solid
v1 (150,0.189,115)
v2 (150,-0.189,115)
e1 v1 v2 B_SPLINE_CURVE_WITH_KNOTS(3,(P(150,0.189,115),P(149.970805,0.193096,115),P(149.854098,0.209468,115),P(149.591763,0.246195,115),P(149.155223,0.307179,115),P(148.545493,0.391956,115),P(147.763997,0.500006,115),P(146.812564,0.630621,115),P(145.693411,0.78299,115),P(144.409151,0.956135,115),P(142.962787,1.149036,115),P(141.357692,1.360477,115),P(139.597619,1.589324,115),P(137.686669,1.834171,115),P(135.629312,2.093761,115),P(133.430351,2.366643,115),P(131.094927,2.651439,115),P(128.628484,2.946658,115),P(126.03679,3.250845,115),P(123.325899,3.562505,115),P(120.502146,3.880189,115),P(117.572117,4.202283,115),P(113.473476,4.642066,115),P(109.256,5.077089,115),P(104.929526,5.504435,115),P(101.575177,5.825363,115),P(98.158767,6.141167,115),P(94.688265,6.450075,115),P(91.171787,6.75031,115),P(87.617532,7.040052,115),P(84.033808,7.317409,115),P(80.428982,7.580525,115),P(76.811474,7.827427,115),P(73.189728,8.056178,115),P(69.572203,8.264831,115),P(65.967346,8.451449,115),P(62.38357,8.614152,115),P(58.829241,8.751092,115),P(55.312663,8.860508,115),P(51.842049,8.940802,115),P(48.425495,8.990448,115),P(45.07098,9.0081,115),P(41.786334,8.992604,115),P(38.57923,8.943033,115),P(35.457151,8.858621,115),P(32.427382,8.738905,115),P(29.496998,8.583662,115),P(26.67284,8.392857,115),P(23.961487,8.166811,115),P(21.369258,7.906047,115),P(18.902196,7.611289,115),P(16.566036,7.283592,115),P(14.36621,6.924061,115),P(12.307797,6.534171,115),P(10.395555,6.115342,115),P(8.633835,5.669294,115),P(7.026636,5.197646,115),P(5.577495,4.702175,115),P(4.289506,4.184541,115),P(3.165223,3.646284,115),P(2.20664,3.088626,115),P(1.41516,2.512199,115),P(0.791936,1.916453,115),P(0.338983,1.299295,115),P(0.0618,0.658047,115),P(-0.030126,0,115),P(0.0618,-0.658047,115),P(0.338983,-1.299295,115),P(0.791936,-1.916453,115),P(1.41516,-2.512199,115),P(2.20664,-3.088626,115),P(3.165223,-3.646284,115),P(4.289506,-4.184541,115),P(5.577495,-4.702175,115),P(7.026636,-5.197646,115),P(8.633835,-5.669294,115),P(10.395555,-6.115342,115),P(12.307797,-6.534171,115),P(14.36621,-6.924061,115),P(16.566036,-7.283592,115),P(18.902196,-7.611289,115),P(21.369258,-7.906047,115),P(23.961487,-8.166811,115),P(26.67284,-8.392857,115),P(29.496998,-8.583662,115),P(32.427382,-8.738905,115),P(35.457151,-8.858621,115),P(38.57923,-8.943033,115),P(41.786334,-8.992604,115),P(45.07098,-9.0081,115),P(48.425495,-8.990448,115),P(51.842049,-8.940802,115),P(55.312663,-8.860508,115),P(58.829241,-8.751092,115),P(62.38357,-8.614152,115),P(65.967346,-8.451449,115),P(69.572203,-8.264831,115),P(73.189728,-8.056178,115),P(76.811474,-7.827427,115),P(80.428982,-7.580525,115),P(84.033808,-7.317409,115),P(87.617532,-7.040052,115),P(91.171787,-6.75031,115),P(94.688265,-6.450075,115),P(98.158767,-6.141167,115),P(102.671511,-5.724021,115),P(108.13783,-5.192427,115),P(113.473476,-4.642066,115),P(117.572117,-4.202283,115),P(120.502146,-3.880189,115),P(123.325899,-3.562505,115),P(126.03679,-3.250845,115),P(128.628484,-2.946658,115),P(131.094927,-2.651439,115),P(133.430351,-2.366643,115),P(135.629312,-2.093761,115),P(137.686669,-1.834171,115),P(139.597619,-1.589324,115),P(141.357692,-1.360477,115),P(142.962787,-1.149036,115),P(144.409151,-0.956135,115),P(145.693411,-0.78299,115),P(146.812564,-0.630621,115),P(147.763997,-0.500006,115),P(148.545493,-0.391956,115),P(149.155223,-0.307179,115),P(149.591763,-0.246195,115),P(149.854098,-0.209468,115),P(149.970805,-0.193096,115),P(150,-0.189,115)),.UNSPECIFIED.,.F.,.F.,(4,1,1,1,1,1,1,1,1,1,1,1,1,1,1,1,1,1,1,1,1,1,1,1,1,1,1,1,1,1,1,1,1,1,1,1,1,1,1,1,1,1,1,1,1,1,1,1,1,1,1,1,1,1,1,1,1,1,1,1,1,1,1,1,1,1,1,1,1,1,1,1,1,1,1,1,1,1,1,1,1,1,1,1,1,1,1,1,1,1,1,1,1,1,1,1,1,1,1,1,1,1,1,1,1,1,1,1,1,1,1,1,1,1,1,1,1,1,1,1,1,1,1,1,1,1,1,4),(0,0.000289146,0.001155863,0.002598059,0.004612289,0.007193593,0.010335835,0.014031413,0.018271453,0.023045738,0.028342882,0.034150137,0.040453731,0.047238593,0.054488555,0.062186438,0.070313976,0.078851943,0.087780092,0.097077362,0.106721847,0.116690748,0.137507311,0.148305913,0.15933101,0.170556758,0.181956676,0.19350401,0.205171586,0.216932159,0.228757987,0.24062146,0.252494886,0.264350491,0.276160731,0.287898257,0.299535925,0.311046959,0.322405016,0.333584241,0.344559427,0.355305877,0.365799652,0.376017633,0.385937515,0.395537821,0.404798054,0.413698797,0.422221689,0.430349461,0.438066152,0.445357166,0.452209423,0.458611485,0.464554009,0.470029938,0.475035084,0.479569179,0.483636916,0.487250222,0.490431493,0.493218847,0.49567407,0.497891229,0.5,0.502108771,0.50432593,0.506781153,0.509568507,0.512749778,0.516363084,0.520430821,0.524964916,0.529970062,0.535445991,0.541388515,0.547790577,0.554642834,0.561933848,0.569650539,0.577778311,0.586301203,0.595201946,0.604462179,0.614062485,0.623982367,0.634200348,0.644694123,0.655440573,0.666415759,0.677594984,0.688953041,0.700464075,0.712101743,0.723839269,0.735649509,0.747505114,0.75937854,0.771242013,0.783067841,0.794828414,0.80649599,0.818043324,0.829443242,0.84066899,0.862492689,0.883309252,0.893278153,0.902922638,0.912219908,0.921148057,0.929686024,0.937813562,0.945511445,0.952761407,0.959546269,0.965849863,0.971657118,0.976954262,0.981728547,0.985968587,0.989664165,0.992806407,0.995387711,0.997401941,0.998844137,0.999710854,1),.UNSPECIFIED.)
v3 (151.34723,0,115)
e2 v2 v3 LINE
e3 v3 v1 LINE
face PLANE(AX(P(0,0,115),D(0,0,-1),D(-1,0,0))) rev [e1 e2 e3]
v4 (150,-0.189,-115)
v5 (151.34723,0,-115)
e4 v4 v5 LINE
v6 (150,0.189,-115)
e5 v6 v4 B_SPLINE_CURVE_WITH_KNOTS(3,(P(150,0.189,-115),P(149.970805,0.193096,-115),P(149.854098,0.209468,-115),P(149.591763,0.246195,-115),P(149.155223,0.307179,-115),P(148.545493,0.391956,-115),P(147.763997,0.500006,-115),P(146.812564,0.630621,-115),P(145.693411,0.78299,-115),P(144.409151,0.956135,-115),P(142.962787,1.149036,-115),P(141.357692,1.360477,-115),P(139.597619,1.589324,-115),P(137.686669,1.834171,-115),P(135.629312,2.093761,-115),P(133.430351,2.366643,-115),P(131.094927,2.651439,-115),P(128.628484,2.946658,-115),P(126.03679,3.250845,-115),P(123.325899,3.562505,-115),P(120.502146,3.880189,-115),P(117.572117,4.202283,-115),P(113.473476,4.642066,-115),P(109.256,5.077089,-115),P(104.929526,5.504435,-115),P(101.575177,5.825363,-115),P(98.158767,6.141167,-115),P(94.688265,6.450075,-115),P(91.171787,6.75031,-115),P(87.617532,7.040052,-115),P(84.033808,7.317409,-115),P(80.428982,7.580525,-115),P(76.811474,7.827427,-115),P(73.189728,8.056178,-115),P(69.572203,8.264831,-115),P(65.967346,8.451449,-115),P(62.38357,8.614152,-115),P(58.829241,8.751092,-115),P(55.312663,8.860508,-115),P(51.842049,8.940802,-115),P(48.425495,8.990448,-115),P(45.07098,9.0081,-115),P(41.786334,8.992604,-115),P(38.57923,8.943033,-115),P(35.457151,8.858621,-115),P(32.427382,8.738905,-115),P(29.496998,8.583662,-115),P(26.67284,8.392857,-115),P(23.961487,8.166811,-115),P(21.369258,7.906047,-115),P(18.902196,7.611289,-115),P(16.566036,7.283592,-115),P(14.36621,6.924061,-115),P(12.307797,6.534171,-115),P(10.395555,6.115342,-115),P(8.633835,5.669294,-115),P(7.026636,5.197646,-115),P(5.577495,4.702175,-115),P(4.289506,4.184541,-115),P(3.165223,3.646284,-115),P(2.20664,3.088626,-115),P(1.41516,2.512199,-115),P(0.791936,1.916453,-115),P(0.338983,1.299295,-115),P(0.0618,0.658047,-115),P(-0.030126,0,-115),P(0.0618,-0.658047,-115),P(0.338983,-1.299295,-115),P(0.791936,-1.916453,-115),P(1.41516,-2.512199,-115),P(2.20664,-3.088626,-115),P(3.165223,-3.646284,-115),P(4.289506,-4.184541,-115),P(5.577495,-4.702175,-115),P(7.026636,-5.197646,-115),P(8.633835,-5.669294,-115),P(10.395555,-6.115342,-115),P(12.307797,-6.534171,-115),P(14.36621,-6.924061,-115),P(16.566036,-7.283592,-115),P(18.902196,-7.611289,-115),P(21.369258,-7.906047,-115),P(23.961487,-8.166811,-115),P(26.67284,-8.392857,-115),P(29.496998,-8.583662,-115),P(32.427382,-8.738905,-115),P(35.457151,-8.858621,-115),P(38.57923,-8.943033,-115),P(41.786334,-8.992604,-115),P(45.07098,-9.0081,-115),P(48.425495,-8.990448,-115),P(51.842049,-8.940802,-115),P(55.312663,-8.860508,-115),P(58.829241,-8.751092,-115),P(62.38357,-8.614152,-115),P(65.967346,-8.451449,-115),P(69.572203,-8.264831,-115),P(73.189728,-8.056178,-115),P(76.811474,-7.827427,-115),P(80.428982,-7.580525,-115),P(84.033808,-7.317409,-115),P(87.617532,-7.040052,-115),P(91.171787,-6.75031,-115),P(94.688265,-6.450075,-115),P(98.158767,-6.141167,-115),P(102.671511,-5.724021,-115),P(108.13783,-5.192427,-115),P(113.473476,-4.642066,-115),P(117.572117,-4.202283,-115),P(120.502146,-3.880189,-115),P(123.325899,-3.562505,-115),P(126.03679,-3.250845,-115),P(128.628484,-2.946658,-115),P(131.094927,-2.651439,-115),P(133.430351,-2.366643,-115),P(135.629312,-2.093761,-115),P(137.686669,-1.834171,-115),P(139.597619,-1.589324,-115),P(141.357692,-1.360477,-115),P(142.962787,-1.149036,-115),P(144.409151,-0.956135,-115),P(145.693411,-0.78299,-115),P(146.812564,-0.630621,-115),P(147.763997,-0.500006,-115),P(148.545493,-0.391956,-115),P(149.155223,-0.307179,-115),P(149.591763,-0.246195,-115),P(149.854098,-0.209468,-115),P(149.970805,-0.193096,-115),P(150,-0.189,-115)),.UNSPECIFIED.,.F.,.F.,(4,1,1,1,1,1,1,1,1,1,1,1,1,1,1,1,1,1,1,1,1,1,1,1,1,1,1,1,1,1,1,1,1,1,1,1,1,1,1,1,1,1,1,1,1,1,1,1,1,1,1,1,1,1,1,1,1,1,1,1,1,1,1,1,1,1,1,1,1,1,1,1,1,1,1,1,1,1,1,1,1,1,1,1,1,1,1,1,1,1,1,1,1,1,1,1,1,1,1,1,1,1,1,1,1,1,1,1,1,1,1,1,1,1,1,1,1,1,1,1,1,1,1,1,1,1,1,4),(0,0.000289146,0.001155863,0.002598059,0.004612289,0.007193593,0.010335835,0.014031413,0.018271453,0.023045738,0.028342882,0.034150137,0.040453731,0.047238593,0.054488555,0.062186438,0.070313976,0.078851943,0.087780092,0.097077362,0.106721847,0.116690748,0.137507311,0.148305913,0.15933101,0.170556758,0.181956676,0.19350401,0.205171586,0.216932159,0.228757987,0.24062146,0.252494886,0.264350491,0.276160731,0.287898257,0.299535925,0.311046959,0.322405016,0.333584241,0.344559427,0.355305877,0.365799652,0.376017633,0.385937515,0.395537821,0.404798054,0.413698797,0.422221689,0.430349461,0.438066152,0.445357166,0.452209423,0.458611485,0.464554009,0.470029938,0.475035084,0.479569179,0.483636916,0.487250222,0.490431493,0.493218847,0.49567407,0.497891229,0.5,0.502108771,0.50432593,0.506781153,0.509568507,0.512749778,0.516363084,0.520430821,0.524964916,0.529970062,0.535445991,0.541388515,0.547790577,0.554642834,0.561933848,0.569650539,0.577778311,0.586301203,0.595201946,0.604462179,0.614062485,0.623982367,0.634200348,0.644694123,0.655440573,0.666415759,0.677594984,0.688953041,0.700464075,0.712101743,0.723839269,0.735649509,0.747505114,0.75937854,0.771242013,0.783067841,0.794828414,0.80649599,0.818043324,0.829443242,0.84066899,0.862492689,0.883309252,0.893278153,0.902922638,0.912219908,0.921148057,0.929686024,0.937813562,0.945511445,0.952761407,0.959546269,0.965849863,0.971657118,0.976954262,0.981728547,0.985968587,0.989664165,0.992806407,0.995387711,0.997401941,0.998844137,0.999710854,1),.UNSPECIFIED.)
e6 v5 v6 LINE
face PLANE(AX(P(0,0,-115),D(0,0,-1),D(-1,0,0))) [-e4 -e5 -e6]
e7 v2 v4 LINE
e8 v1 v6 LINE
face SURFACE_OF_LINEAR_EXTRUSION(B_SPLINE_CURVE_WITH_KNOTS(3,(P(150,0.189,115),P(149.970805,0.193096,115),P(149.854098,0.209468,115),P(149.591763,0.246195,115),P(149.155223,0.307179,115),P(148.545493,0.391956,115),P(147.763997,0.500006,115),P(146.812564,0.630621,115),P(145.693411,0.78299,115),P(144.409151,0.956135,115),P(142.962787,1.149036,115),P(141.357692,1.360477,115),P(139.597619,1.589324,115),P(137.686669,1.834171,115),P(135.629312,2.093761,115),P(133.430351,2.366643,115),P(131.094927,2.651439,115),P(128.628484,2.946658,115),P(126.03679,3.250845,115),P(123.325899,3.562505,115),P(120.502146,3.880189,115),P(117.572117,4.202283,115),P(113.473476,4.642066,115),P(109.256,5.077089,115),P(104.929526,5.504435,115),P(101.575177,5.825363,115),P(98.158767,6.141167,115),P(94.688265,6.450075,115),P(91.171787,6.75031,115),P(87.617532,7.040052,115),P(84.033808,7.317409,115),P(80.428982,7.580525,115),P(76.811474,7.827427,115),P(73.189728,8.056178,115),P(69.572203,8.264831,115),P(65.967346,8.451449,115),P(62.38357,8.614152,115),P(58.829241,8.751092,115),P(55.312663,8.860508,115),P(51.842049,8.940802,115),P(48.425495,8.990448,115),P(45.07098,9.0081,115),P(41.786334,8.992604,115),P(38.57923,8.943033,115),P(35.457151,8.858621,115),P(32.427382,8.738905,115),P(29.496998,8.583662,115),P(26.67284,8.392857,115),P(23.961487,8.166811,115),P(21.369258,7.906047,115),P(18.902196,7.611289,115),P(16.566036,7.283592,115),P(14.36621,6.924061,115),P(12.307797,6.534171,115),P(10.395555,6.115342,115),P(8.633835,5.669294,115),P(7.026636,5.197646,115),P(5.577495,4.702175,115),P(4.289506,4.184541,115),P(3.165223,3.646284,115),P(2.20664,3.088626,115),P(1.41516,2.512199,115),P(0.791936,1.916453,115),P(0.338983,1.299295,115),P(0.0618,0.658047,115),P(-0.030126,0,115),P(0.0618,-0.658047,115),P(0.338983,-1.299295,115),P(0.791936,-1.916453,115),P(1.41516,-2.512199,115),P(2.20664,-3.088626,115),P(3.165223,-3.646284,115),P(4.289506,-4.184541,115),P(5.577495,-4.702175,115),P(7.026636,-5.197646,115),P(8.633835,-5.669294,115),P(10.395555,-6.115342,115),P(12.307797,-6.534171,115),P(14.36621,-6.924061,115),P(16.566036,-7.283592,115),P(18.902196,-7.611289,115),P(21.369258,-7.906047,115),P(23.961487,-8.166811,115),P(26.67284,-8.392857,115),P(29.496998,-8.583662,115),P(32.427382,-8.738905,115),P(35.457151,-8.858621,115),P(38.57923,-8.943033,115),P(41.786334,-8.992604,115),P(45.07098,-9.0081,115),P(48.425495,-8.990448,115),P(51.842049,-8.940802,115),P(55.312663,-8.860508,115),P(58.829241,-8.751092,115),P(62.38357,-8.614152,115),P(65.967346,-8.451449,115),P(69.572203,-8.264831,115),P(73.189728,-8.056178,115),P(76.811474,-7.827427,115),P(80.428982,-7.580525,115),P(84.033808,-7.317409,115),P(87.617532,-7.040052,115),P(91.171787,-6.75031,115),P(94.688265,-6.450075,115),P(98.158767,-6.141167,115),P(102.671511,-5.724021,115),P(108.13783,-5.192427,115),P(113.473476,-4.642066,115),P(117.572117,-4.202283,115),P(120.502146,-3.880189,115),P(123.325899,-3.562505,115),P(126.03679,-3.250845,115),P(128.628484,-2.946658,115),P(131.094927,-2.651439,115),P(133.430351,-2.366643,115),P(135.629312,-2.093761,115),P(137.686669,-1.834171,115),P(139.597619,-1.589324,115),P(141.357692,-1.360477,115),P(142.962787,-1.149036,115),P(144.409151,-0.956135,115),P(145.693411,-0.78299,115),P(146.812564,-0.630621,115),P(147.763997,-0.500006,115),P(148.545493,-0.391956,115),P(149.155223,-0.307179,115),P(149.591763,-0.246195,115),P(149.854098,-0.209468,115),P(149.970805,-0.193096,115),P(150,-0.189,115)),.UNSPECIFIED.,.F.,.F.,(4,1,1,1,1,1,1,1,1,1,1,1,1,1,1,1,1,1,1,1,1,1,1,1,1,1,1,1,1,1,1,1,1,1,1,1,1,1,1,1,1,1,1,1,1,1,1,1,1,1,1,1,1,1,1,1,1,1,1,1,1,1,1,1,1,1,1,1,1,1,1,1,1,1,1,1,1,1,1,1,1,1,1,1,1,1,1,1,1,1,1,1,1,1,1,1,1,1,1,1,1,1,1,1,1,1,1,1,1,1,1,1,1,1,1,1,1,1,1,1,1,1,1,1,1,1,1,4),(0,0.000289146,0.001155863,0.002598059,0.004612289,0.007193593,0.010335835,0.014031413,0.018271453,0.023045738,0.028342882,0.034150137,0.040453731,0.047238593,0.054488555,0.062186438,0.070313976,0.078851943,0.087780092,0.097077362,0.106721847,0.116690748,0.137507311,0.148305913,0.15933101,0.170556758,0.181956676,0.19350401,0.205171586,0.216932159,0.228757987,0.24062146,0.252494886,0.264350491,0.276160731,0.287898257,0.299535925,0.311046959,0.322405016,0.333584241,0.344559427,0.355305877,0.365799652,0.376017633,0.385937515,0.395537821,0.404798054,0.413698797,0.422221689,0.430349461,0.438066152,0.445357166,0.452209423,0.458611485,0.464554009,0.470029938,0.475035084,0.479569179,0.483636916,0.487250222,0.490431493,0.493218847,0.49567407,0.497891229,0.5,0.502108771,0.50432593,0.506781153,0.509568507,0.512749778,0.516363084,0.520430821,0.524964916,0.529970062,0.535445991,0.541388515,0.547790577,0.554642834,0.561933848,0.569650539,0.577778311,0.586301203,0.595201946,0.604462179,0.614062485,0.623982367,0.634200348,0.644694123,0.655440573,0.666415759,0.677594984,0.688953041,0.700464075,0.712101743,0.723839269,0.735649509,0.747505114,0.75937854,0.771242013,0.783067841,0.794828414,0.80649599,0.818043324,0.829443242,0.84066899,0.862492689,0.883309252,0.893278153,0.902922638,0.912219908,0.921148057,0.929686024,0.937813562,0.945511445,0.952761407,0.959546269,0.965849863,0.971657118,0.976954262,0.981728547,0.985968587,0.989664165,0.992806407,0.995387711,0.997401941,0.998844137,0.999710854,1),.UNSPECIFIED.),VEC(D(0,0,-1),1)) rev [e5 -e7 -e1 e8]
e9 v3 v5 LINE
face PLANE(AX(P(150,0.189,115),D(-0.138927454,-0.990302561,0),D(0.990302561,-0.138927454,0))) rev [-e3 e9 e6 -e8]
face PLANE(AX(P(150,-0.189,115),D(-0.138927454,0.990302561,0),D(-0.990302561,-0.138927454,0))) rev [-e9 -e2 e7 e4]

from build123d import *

# Parameters (mm, degrees)
BOSS_EXTRUDE2_DEPTH = 115


with BuildPart() as part:
    # Sketch3 → Boss-Extrude2 (new body, symmetric)
    with BuildSketch(Plane.XY):
        with BuildLine():
            Line((150, 0.189), (151.347229645, 0))
            Line((151.347229645, 0), (150, -0.189))
            add(Edge.make_bspline(
                [(150, 0.189), (149.970805097, 0.193095691), (149.854098258, 0.209468247), (149.591763349, 0.246194704), (149.155222793, 0.307178536), (148.545492513, 0.39195557), (147.763997301, 0.500005904), (146.812564376, 0.630620596), (145.693410705, 0.782990201), (144.409151468, 0.956135403), (142.96278679, 1.149035599), (141.357691781, 1.360477155), (139.597619337, 1.589324284), (137.686668602, 1.834170852), (135.629312335, 2.093761294), (133.430351174, 2.366642532), (131.094926884, 2.651439142), (128.628484118, 2.946658173), (126.036790348, 3.250845027), (123.325898879, 3.56250519), (120.502146425, 3.880189358), (117.572116772, 4.202283272), (113.473476188, 4.642066436), (109.256000086, 5.07708862), (104.929525823, 5.504434772), (101.575177437, 5.825363227), (98.158766856, 6.14116737), (94.688264753, 6.450074981), (91.171786603, 6.750309754), (87.617532174, 7.040052014), (84.033808187, 7.317409054), (80.428982039, 7.580524939), (76.81147399, 7.827427414), (73.189728326, 8.056177938), (69.572203149, 8.264831419), (65.967345764, 8.451449418), (62.383569552, 8.61415188), (58.82924139, 8.751092101), (55.312663472, 8.860508291), (51.842049335, 8.940802336), (48.425495498, 8.990447931), (45.070979504, 9.008099882), (41.786333894, 8.992603847), (38.579230275, 8.943033204), (35.457151092, 8.858620583), (32.42738238, 8.73890472), (29.496997903, 8.583661815), (26.67283973, 8.392857183), (23.961487045, 8.166811178), (21.369257604, 7.906046678), (18.902195955, 7.611289257), (16.56603561, 7.28359179), (14.36621034, 6.924060565), (12.307797254, 6.534171091), (10.395554823, 6.115341941), (8.633834596, 5.669293664), (7.026635576, 5.197645541), (5.577494925, 4.702174511), (4.289505643, 4.184540505), (3.165222949, 3.646284269), (2.206640217, 3.088625915), (1.415160343, 2.512199049), (0.791935763, 1.916452918), (0.338982961, 1.299295019), (0.061800404, 0.658046728), (-0.030125986, 0), (0.061800404, -0.658046728), (0.338982961, -1.299295019), (0.791935763, -1.916452918), (1.415160343, -2.512199049), (2.206640217, -3.088625915), (3.165222949, -3.646284269), (4.289505643, -4.184540505), (5.577494925, -4.702174511), (7.026635576, -5.197645541), (8.633834596, -5.669293664), (10.395554823, -6.115341941), (12.307797254, -6.534171091), (14.36621034, -6.924060565), (16.56603561, -7.28359179), (18.902195955, -7.611289257), (21.369257604, -7.906046678), (23.961487045, -8.166811178), (26.67283973, -8.392857183), (29.496997903, -8.583661815), (32.42738238, -8.73890472), (35.457151092, -8.858620583), (38.579230275, -8.943033204), (41.786333894, -8.992603847), (45.070979504, -9.008099882), (48.425495498, -8.990447931), (51.842049335, -8.940802336), (55.312663472, -8.860508291), (58.82924139, -8.751092101), (62.383569552, -8.61415188), (65.967345764, -8.451449418), (69.572203149, -8.264831419), (73.189728326, -8.056177938), (76.81147399, -7.827427414), (80.428982039, -7.580524939), (84.033808187, -7.317409054), (87.617532174, -7.040052014), (91.171786603, -6.750309754), (94.688264753, -6.450074981), (98.158766856, -6.14116737), (102.671510989, -5.724020994), (108.137829774, -5.192427185), (113.473476188, -4.642066436), (117.572116772, -4.202283272), (120.502146425, -3.880189358), (123.325898879, -3.56250519), (126.036790348, -3.250845027), (128.628484118, -2.946658173), (131.094926884, -2.651439142), (133.430351174, -2.366642532), (135.629312335, -2.093761294), (137.686668602, -1.834170852), (139.597619337, -1.589324284), (141.357691781, -1.360477155), (142.96278679, -1.149035599), (144.409151468, -0.956135403), (145.693410705, -0.782990201), (146.812564376, -0.630620596), (147.763997301, -0.500005904), (148.545492513, -0.39195557), (149.155222793, -0.307178536), (149.591763349, -0.246194704), (149.854098258, -0.209468247), (149.970805097, -0.193095691), (150, -0.189)],
                knots=[0, 0, 0, 0, 0.000289146, 0.001155863, 0.002598059, 0.004612289, 0.007193593, 0.010335835, 0.014031413, 0.018271453, 0.023045738, 0.028342882, 0.034150137, 0.040453731, 0.047238593, 0.054488555, 0.062186438, 0.070313976, 0.078851943, 0.087780092, 0.097077362, 0.106721847, 0.116690748, 0.137507311, 0.148305913, 0.15933101, 0.170556758, 0.181956676, 0.19350401, 0.205171586, 0.216932159, 0.228757987, 0.24062146, 0.252494886, 0.264350491, 0.276160731, 0.287898257, 0.299535925, 0.311046959, 0.322405016, 0.333584241, 0.344559427, 0.355305877, 0.365799652, 0.376017633, 0.385937515, 0.395537821, 0.404798054, 0.413698797, 0.422221689, 0.430349461, 0.438066152, 0.445357166, 0.452209423, 0.458611485, 0.464554009, 0.470029938, 0.475035084, 0.479569179, 0.483636916, 0.487250222, 0.490431493, 0.493218847, 0.49567407, 0.497891229, 0.5, 0.502108771, 0.50432593, 0.506781153, 0.509568507, 0.512749778, 0.516363084, 0.520430821, 0.524964916, 0.529970062, 0.535445991, 0.541388515, 0.547790577, 0.554642834, 0.561933848, 0.569650539, 0.577778311, 0.586301203, 0.595201946, 0.604462179, 0.614062485, 0.623982367, 0.634200348, 0.644694123, 0.655440573, 0.666415759, 0.677594984, 0.688953041, 0.700464075, 0.712101743, 0.723839269, 0.735649509, 0.747505114, 0.75937854, 0.771242013, 0.783067841, 0.794828414, 0.80649599, 0.818043324, 0.829443242, 0.84066899, 0.862492689, 0.883309252, 0.893278153, 0.902922638, 0.912219908, 0.921148057, 0.929686024, 0.937813562, 0.945511445, 0.952761407, 0.959546269, 0.965849863, 0.971657118, 0.976954262, 0.981728547, 0.985968587, 0.989664165, 0.992806407, 0.995387711, 0.997401941, 0.998844137, 0.999710854, 1, 1, 1, 1], degree=3))
        make_face()
    extrude(amount=BOSS_EXTRUDE2_DEPTH, both=True)


solid = part.part
